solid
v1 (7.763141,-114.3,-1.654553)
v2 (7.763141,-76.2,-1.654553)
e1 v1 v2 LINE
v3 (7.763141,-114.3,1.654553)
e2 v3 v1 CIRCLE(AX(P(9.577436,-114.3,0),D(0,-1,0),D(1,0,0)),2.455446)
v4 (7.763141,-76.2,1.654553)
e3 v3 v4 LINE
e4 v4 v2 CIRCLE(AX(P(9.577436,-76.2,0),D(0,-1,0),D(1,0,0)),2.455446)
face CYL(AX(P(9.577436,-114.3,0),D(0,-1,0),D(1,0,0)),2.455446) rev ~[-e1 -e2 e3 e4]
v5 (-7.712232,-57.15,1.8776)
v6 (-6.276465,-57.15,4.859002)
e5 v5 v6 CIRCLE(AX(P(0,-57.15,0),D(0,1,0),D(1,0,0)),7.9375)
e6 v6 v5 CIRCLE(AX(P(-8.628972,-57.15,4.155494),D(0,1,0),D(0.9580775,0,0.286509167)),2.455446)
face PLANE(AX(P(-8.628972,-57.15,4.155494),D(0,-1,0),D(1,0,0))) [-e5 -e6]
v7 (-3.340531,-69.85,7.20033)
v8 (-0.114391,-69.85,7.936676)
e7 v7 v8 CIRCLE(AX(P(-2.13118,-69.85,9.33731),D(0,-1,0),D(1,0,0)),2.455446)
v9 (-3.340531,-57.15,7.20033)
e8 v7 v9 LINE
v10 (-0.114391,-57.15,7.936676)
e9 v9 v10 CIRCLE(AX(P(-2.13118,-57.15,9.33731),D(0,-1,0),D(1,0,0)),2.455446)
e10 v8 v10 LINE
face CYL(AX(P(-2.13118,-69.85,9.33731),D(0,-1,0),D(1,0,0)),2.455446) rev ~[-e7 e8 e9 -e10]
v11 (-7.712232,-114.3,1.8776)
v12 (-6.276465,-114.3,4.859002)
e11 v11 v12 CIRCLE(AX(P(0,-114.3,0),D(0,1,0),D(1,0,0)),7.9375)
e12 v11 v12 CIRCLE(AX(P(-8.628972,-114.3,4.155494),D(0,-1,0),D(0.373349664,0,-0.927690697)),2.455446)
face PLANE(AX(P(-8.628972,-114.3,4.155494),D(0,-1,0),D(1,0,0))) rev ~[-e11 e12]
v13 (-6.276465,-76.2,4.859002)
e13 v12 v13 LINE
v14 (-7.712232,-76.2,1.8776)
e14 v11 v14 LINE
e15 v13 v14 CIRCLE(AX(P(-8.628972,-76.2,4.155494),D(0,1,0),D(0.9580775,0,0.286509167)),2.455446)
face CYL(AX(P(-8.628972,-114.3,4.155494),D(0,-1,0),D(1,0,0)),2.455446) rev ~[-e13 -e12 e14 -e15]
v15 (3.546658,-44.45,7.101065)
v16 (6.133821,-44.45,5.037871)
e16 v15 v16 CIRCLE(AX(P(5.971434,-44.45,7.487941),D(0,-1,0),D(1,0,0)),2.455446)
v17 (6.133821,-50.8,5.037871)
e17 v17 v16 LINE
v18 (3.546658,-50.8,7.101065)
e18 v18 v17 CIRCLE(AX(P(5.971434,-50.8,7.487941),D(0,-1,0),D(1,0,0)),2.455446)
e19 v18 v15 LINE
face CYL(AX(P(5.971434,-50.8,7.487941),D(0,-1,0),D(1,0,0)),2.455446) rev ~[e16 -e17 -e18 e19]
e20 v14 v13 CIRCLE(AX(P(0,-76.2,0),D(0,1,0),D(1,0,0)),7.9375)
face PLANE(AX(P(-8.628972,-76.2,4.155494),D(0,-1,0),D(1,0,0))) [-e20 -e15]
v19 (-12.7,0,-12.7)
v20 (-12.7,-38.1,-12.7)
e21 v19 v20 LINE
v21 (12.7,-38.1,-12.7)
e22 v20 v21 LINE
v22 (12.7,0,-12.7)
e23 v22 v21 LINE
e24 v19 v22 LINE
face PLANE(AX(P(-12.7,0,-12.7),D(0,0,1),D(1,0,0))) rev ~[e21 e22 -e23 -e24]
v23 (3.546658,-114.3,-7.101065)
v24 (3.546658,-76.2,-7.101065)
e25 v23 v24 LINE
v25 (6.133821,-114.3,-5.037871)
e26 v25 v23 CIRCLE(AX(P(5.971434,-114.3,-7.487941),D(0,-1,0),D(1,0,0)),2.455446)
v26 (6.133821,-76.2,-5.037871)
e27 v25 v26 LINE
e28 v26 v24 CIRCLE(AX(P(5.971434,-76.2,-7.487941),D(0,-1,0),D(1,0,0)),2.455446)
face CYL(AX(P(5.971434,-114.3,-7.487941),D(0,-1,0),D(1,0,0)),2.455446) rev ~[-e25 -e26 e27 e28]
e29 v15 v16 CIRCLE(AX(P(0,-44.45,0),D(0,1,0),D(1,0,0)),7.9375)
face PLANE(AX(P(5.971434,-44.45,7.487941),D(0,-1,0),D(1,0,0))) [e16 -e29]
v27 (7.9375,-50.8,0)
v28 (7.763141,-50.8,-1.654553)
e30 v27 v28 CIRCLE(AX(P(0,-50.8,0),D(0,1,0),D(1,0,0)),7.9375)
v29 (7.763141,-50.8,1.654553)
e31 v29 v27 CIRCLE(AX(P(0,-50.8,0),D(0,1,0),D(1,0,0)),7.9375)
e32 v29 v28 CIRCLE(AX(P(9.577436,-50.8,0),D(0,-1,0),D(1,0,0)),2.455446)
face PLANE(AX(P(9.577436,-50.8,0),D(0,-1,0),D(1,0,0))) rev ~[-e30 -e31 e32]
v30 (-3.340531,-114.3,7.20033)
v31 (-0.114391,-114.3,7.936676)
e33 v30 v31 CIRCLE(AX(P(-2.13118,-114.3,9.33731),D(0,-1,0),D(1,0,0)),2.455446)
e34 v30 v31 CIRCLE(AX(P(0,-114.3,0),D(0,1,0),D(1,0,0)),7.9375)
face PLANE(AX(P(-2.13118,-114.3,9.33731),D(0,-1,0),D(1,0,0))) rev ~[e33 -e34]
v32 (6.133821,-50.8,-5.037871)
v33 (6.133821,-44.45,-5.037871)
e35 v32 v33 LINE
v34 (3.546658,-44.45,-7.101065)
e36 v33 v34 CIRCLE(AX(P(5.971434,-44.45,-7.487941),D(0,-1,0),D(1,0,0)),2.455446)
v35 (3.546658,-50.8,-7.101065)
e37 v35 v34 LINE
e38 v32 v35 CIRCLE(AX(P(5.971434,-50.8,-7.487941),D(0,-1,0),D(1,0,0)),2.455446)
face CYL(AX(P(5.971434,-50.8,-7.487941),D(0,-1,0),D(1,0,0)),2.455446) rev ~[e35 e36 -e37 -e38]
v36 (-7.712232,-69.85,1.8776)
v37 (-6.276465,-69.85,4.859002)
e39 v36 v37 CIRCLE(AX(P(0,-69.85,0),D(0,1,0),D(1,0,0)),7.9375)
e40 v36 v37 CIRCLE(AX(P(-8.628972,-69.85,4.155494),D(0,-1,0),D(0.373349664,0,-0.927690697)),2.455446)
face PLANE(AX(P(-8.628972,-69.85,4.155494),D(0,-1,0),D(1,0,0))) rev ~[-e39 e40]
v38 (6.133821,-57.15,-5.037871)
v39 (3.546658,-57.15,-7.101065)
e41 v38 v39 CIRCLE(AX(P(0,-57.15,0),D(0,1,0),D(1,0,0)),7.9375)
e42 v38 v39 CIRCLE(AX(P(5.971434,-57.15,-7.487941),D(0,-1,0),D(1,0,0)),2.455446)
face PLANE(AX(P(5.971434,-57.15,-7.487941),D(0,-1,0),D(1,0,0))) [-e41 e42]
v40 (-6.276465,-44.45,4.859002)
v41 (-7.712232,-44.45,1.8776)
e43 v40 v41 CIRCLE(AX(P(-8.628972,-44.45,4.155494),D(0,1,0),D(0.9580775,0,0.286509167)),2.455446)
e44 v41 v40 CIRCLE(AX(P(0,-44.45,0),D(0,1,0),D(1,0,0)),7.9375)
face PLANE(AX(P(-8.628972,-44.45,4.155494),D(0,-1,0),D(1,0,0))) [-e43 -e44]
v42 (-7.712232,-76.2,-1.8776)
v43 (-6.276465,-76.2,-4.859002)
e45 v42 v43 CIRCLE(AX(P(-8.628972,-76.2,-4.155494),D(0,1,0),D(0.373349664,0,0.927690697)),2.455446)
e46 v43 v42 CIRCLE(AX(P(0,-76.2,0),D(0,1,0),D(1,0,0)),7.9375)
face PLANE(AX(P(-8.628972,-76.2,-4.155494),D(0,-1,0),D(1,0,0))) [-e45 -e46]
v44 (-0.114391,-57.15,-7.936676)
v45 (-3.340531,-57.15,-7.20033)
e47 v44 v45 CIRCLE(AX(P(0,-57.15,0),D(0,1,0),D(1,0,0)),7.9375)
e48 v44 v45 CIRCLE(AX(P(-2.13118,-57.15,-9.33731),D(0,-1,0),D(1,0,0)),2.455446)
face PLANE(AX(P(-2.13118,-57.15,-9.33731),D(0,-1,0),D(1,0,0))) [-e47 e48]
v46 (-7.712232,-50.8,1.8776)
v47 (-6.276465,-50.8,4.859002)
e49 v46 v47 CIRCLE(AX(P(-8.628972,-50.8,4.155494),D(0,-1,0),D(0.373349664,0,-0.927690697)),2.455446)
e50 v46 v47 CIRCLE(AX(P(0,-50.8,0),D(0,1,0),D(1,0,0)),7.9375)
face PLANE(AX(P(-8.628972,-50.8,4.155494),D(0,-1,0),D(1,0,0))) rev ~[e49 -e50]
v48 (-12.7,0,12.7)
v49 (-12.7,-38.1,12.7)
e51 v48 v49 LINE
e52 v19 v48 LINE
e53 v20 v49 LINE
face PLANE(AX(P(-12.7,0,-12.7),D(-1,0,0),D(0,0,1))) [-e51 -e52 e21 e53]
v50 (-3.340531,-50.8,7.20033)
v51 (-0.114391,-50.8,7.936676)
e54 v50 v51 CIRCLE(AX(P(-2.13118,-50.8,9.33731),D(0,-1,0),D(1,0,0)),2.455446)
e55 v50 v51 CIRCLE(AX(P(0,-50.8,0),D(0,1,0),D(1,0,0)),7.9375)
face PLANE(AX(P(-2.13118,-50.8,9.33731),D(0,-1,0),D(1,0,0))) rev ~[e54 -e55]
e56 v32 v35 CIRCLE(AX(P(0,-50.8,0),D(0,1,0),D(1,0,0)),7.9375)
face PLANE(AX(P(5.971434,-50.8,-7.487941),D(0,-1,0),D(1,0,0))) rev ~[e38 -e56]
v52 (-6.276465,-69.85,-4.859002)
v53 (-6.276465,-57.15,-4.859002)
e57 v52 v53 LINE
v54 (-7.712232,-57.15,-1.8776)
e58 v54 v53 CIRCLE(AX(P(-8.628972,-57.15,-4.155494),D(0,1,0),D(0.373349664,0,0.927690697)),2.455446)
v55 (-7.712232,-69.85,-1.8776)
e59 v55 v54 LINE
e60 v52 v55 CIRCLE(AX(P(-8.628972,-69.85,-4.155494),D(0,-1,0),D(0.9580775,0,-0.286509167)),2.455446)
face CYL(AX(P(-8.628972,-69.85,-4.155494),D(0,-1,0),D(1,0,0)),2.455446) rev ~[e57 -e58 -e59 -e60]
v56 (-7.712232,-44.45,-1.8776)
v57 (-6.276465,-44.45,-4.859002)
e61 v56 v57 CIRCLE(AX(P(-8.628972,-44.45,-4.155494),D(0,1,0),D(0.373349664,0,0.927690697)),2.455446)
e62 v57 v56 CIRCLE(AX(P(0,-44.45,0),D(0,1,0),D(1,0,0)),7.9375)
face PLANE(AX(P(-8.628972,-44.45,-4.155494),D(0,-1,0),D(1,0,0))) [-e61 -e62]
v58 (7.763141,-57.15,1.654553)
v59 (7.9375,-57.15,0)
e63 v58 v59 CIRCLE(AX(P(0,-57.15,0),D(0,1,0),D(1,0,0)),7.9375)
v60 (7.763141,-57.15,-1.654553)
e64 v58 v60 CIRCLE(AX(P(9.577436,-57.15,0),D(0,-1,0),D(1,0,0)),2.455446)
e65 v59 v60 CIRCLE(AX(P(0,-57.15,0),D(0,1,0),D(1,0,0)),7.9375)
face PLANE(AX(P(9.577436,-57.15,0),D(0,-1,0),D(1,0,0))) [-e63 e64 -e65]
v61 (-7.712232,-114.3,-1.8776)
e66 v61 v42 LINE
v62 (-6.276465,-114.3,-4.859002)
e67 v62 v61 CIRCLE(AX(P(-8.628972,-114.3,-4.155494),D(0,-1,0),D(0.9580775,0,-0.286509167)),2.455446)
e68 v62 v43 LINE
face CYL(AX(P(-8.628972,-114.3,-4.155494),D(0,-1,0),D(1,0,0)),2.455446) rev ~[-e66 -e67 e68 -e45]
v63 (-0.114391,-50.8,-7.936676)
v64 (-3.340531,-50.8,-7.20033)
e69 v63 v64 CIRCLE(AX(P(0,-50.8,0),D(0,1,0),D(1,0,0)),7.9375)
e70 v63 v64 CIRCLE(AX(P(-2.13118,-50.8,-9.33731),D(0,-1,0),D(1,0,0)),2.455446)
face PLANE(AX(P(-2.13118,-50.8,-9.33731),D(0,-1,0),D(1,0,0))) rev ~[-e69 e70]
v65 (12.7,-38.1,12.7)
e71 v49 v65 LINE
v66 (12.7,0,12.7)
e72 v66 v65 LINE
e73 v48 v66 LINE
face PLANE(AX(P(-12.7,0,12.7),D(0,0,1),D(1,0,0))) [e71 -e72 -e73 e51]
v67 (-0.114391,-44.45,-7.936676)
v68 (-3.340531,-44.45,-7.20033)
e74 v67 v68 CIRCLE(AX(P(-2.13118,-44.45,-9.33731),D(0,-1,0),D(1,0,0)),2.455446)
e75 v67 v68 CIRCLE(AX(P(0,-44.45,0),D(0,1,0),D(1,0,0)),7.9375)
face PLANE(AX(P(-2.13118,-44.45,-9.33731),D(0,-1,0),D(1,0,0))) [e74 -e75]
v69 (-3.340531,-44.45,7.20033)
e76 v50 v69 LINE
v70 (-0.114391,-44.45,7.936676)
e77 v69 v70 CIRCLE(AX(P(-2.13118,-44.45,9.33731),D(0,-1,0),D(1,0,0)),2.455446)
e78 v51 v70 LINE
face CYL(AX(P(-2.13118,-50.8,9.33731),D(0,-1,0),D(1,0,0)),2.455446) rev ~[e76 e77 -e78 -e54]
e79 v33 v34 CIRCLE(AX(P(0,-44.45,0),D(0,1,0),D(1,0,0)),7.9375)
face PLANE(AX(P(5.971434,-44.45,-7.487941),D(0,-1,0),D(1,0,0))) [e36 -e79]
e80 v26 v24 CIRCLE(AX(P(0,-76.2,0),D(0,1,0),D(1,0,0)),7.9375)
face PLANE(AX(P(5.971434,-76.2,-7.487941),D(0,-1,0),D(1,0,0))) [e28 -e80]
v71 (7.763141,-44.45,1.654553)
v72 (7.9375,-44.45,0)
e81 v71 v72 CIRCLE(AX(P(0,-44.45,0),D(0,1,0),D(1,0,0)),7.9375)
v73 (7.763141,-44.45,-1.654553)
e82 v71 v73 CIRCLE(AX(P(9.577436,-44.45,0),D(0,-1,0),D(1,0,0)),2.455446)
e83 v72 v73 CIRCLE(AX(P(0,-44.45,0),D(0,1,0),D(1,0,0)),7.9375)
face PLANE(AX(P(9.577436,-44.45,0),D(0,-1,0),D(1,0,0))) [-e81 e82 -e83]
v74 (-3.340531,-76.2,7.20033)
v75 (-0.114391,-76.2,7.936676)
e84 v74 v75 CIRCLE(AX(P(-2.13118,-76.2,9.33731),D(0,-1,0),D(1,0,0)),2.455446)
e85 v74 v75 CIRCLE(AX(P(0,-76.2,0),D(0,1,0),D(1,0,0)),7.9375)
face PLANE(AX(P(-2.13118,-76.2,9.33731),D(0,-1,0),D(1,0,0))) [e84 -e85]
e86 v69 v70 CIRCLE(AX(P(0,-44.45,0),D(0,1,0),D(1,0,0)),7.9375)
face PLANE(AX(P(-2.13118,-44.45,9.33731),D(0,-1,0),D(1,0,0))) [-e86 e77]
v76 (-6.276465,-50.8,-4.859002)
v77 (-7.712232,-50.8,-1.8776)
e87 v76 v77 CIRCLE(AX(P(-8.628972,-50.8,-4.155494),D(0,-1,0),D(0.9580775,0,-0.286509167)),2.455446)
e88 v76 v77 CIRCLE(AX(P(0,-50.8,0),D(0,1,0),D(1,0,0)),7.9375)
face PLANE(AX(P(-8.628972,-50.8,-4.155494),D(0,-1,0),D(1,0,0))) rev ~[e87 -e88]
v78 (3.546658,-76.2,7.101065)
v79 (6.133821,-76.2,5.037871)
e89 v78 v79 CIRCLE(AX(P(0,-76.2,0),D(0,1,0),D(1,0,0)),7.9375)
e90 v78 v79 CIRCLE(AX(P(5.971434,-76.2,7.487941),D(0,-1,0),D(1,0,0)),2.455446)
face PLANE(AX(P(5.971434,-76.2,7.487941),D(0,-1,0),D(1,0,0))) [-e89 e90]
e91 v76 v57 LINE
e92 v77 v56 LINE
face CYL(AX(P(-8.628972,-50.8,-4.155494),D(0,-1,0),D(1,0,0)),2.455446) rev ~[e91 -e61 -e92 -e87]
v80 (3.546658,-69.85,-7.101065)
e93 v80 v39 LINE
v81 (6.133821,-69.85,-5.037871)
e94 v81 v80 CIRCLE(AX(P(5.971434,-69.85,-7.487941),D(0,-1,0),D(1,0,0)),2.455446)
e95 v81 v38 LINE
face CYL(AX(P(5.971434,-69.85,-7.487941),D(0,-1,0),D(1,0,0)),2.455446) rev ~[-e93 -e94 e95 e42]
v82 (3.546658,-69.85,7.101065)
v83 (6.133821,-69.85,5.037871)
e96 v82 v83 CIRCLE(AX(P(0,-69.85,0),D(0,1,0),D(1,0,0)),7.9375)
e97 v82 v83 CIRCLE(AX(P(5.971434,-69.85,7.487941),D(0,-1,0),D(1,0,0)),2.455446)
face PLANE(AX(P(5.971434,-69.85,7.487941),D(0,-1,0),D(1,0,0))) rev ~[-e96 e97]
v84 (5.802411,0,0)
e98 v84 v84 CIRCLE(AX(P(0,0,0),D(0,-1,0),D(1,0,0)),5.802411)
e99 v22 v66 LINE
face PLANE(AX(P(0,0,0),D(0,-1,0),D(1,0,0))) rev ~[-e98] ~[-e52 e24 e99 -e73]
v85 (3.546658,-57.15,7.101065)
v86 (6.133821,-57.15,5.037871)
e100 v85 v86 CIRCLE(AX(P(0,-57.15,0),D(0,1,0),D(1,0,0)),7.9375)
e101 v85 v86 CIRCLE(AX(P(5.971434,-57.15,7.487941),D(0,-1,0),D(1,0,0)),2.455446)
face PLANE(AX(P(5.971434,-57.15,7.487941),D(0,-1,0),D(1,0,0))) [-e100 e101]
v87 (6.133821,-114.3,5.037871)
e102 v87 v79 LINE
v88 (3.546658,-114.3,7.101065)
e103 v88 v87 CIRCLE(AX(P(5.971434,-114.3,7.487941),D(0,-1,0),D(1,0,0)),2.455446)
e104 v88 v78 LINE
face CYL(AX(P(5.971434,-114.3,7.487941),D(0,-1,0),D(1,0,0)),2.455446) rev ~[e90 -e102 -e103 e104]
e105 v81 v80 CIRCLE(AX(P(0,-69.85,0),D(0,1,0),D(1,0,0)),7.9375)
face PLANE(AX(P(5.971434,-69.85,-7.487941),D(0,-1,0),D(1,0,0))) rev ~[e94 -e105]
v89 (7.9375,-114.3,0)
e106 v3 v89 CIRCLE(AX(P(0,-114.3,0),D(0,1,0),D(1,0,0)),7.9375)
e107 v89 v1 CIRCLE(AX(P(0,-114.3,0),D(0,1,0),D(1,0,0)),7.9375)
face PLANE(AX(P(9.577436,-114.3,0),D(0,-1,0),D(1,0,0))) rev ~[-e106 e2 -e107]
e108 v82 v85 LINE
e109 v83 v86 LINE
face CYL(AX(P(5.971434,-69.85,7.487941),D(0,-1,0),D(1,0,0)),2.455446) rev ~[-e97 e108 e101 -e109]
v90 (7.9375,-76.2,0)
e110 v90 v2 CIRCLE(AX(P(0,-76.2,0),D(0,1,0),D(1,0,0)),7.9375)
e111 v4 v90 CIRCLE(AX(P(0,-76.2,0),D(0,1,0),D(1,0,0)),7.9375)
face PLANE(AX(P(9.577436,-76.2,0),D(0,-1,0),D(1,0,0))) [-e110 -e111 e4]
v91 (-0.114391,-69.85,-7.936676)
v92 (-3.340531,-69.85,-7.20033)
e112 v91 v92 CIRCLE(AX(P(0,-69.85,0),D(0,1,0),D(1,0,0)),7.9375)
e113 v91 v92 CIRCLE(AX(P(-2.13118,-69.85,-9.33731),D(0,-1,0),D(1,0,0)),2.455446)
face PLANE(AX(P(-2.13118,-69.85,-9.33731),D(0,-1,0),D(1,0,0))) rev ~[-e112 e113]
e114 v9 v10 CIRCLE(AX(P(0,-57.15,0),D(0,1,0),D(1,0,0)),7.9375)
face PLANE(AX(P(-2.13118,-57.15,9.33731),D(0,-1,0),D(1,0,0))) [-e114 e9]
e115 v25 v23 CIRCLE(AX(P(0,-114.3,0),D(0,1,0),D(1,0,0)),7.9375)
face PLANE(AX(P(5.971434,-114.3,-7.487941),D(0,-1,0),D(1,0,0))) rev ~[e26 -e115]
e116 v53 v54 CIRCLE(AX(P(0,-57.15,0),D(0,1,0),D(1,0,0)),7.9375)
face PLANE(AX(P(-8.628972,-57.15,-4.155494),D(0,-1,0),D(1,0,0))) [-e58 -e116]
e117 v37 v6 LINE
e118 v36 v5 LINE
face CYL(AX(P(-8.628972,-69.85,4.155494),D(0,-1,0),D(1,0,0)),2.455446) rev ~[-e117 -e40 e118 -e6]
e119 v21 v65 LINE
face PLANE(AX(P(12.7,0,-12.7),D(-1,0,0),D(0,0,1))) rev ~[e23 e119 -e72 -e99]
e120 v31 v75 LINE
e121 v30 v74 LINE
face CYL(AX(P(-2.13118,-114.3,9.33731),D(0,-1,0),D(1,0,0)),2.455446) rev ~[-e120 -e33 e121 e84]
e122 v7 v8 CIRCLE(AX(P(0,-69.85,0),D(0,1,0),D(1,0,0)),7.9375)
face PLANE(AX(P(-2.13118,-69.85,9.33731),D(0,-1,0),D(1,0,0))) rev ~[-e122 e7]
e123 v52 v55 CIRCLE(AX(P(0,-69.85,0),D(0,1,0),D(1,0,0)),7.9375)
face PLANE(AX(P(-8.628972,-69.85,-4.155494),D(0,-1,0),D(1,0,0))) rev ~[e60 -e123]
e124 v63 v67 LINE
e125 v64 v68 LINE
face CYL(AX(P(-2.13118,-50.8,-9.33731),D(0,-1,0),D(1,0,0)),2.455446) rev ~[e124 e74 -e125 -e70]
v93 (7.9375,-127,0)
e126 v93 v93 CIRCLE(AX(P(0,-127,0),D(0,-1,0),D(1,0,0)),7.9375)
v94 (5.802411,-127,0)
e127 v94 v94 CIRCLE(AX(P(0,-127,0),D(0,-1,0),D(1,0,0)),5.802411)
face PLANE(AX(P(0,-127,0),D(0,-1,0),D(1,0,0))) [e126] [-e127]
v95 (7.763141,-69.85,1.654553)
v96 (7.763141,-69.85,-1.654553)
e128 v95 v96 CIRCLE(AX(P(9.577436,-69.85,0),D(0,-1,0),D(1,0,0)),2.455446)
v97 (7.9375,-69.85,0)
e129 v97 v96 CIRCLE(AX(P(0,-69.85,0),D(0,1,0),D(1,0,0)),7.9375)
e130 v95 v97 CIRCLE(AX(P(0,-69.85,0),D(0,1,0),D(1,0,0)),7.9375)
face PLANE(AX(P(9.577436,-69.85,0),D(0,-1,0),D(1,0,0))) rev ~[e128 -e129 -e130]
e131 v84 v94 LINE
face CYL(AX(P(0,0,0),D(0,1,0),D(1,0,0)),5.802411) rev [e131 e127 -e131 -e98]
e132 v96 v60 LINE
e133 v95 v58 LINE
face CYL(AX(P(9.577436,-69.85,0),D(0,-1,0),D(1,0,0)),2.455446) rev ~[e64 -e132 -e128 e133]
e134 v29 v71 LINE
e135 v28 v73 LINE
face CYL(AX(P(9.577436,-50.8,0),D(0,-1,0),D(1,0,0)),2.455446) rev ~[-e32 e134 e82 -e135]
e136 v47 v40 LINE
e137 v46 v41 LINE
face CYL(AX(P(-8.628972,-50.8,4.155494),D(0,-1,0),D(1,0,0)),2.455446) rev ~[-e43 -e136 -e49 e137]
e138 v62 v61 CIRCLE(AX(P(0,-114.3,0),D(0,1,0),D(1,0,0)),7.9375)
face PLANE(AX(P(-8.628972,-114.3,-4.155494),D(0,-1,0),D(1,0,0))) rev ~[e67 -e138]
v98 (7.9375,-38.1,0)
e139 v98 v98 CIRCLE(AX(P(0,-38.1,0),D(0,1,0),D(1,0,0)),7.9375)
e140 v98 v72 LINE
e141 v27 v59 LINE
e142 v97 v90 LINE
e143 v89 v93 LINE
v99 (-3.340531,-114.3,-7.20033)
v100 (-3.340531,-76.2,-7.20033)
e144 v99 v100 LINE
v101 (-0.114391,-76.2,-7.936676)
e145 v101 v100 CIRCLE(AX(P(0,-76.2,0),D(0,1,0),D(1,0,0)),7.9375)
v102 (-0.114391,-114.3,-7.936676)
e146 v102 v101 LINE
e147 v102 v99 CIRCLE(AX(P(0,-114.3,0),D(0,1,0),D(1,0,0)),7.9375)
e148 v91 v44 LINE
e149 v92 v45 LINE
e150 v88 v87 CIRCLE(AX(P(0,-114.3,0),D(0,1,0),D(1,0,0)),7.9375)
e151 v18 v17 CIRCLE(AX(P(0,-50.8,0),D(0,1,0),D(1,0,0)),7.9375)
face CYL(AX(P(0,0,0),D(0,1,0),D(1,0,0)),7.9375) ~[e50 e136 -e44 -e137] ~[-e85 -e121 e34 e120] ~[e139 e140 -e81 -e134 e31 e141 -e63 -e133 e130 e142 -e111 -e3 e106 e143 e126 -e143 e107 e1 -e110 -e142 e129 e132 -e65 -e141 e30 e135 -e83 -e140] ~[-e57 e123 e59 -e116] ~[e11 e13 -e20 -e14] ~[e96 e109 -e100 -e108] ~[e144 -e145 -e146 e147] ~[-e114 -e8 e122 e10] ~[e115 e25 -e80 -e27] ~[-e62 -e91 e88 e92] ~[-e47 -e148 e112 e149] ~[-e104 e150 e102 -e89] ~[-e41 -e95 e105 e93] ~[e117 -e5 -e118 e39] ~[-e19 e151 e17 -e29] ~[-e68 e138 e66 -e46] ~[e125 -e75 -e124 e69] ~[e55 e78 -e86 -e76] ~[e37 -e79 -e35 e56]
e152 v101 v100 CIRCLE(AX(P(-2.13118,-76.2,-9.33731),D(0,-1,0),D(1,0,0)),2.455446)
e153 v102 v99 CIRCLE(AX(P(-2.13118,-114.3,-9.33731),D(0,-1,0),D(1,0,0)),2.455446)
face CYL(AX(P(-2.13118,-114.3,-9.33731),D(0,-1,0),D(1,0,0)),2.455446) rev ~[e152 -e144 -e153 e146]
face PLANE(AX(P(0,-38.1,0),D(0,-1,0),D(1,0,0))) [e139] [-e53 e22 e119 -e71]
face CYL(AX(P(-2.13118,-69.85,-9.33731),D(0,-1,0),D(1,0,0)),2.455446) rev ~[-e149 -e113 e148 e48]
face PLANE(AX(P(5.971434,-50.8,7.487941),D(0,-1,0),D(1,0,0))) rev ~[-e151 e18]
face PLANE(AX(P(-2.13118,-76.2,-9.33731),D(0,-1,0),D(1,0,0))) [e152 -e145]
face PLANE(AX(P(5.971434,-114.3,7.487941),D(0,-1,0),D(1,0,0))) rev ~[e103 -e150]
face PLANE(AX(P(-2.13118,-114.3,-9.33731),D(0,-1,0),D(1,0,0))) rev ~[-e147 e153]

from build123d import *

# Parameters (mm, degrees)
F0_W     = 25.4
F0_H     = 25.4
F0_R     = 7.9375
F0_R_2   = 5.8024107256
F1_DEPTH = 38.1
F2_DEPTH = 127
F4_START = -12.7
F3_R     = 2.4554456834
F4_DEPTH = 38.1
F5_START = -57.15
F5_DEPTH = 12.7
F6_START = -76.2
F6_DEPTH = 6.35


with BuildPart() as f1:
    # F0 (on Front) → F1 (new body)
    with BuildSketch(Plane.XZ):
        Rectangle(F0_W, F0_H)
        Circle(F0_R, mode=Mode.SUBTRACT)
        Circle(F0_R)
        Circle(F0_R_2, mode=Mode.SUBTRACT)
    extrude(amount=F1_DEPTH)

    # F0 (on Front) → F2 (join)
    with BuildSketch(Plane.XZ):
        Circle(F0_R)
        Circle(F0_R_2, mode=Mode.SUBTRACT)
    extrude(amount=F2_DEPTH)

    # F3 (on face) → F4 (cut)
    with BuildSketch(Plane.XZ.offset(127).offset(F4_START)):
        with Locations((9.5774363726, 0)):
            Circle(F3_R)
        with Locations((5.9714339063, 7.4879412775)):
            Circle(F3_R)
        with Locations((-2.1311800865, 9.3373100468)):
            Circle(F3_R)
        with Locations((-8.6289720061, 4.1554939045)):
            Circle(F3_R)
        with Locations((-8.6289720061, -4.1554939045)):
            Circle(F3_R)
        with Locations((-2.1311800865, -9.3373100468)):
            Circle(F3_R)
        with Locations((5.9714339063, -7.4879412775)):
            Circle(F3_R)
    extrude(amount=-F4_DEPTH, mode=Mode.SUBTRACT)

    # F3 (on face) → F5 (cut)
    with BuildSketch(Plane.XZ.offset(127).offset(F5_START)):
        with Locations((9.5774363726, 0)):
            Circle(F3_R)
        with Locations((5.9714339063, 7.4879412775)):
            Circle(F3_R)
        with Locations((-2.1311800865, 9.3373100468)):
            Circle(F3_R)
        with Locations((-8.6289720061, 4.1554939045)):
            Circle(F3_R)
        with Locations((-8.6289720061, -4.1554939045)):
            Circle(F3_R)
        with Locations((-2.1311800865, -9.3373100468)):
            Circle(F3_R)
        with Locations((5.9714339063, -7.4879412775)):
            Circle(F3_R)
    extrude(amount=-F5_DEPTH, mode=Mode.SUBTRACT)

    # F3 (on face) → F6 (cut)
    with BuildSketch(Plane.XZ.offset(127).offset(F6_START)):
        with Locations((9.5774363726, 0)):
            Circle(F3_R)
        with Locations((5.9714339063, 7.4879412775)):
            Circle(F3_R)
        with Locations((-2.1311800865, 9.3373100468)):
            Circle(F3_R)
        with Locations((-8.6289720061, 4.1554939045)):
            Circle(F3_R)
        with Locations((-8.6289720061, -4.1554939045)):
            Circle(F3_R)
        with Locations((-2.1311800865, -9.3373100468)):
            Circle(F3_R)
        with Locations((5.9714339063, -7.4879412775)):
            Circle(F3_R)
    extrude(amount=-F6_DEPTH, mode=Mode.SUBTRACT)


solid = f1.part
